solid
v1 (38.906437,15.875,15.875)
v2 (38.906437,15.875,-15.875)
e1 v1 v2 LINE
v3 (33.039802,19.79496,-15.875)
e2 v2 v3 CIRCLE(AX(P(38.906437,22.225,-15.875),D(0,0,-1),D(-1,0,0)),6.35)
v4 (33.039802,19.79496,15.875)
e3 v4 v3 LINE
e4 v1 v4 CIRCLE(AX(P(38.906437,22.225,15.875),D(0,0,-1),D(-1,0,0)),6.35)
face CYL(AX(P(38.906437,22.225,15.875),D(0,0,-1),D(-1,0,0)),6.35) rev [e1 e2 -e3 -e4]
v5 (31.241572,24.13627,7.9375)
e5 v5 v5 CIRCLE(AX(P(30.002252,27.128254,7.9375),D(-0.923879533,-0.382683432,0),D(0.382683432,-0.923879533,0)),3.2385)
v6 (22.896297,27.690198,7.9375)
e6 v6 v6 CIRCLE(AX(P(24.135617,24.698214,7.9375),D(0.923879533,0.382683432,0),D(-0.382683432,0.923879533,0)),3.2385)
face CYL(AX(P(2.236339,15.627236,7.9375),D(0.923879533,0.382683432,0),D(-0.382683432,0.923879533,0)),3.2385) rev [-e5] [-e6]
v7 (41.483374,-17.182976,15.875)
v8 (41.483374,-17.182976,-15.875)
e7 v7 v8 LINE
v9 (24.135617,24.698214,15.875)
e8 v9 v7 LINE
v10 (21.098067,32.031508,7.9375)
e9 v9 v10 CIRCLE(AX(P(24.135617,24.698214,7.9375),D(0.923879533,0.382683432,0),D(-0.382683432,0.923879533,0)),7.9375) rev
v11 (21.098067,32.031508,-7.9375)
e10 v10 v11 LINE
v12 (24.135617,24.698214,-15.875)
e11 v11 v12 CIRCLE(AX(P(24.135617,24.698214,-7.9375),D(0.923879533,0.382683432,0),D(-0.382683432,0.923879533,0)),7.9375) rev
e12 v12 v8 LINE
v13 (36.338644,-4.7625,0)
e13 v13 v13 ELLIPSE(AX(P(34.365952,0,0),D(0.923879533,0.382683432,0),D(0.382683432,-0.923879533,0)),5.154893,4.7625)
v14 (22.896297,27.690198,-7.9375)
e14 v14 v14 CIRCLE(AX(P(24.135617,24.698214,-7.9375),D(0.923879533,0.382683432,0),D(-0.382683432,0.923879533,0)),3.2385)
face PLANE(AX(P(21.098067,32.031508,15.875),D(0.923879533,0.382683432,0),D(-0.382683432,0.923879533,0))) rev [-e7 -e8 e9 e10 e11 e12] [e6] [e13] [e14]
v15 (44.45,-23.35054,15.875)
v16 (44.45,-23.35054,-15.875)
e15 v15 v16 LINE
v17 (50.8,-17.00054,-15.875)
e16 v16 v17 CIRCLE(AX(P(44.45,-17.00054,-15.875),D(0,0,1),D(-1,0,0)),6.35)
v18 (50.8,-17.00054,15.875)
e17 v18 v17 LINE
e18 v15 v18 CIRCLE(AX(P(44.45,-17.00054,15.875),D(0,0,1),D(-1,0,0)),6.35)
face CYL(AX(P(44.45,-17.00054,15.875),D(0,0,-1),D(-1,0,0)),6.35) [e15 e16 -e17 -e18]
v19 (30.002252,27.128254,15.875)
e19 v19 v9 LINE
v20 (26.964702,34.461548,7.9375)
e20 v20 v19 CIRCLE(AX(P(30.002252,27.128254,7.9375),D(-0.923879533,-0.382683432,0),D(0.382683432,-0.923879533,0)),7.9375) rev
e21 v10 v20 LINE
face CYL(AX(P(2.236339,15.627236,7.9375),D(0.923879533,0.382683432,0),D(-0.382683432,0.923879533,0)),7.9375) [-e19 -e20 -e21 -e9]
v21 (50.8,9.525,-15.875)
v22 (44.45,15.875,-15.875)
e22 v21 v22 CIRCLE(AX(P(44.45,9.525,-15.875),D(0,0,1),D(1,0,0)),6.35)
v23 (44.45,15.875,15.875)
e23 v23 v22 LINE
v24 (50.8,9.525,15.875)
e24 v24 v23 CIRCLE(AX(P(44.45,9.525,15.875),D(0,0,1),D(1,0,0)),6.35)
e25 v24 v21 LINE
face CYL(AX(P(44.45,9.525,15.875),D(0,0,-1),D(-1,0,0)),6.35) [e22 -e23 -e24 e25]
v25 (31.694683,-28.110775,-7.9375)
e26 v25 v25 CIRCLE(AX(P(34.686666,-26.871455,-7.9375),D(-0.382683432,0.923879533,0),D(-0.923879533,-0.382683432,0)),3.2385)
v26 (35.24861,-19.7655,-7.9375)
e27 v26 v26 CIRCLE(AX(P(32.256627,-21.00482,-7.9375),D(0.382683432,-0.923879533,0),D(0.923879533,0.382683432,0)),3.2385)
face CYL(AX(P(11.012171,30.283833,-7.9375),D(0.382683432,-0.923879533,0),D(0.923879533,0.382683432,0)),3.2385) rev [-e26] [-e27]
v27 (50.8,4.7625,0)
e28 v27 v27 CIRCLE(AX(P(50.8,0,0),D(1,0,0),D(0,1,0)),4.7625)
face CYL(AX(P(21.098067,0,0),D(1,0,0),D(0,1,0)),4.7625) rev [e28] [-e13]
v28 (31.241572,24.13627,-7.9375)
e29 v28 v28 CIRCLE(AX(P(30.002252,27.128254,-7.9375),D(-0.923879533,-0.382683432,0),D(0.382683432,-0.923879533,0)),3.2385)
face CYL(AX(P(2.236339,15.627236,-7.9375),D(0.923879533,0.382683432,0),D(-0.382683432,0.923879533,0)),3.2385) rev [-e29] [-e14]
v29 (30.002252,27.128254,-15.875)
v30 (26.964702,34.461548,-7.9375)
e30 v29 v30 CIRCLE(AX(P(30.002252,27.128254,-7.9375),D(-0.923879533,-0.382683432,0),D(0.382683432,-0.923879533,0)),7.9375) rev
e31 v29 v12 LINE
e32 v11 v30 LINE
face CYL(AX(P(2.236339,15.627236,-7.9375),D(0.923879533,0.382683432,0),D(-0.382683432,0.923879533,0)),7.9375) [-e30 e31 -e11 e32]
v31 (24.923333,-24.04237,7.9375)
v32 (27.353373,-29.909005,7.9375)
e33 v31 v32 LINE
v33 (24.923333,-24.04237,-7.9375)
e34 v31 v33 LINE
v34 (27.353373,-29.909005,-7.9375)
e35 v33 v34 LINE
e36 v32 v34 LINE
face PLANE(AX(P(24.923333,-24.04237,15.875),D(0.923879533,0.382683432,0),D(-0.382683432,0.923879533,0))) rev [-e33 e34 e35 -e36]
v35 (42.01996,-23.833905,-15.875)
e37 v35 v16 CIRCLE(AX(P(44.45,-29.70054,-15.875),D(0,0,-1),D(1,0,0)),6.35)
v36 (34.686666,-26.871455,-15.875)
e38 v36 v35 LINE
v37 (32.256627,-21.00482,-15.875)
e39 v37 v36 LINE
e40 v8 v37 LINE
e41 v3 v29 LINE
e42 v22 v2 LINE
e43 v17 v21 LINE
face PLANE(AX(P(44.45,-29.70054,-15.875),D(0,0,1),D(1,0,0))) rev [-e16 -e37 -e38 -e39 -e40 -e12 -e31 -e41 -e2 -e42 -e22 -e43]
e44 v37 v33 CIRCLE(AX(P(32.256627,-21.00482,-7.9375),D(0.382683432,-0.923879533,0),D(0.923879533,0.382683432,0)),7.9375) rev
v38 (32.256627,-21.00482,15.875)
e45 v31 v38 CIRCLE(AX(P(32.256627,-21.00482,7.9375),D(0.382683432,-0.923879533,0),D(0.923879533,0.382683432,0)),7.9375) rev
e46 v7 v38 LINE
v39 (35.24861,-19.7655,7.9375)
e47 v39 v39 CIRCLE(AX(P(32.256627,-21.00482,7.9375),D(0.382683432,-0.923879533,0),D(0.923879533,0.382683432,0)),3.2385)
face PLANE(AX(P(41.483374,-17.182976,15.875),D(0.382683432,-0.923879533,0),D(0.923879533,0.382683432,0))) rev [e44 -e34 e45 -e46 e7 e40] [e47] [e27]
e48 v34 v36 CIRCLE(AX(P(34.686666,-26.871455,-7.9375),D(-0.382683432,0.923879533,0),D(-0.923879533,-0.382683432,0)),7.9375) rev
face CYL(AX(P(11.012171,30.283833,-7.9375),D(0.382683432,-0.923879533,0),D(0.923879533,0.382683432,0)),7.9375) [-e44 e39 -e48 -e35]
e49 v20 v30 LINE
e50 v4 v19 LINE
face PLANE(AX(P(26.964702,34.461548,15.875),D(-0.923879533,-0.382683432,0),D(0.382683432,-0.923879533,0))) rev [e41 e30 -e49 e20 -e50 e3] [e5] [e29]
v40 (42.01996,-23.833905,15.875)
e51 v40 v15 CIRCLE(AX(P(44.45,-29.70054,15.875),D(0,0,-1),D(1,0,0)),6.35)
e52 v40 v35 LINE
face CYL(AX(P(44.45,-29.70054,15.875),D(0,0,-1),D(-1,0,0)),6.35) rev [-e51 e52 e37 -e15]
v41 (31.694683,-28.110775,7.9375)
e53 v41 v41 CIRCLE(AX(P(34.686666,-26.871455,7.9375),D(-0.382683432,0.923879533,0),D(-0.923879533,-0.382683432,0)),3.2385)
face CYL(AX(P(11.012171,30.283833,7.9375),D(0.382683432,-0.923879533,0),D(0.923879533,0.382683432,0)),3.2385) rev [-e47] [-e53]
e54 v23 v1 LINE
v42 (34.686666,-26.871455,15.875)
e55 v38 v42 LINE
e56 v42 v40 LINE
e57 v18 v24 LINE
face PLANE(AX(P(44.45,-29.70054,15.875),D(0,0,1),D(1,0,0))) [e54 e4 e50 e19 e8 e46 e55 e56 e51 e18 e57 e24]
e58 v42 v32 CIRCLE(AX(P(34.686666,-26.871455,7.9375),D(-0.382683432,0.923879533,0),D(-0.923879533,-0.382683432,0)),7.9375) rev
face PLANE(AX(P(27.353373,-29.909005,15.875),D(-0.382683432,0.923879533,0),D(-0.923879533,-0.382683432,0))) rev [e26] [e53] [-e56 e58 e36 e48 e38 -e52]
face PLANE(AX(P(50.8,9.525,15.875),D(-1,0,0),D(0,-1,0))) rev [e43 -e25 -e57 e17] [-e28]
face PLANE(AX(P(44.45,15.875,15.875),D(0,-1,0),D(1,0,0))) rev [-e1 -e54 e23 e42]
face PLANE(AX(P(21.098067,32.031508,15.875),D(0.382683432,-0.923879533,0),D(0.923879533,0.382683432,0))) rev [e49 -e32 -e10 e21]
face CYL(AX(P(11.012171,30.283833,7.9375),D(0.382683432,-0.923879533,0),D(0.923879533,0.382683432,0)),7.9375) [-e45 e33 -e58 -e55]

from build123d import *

# Parameters (mm, degrees)
BOSS_EXTRUDE1_DEPTH     = 15.875
CUT_EXTRUDE1_DEPTH      = 50.746098851
CUT_EXTRUDE1_DEPTH_BACK = 50.746098851
SKETCH3_R               = 3.2385
CUT_EXTRUDE2_DEPTH      = 81.103629898
CUT_EXTRUDE2_DEPTH_BACK = 81.103629898
SKETCH4_R               = 3.2385
SKETCH5_R               = 4.7625
CUT_EXTRUDE3_DEPTH      = 49.185254021


with BuildPart() as part:
    # Sketch1 → Boss-Extrude1 (new, symmetric)
    with BuildSketch(Plane.XY):
        with BuildLine():
            Line((50.8, 9.525), (50.8, -17.000540456))
            ThreePointArc((50.8, -17.000540456), (48.940128061, -21.490668516), (44.45, -23.350540456))
            ThreePointArc((44.45, -23.350540456), (43.211176455, -23.472553925), (42.019960204, -23.833905424))
            Line((42.019960204, -23.833905424), (27.353372626, -29.909004913))
            Line((27.353372626, -29.909004913), (24.92333283, -24.042369881))
            Line((24.92333283, -24.042369881), (41.483374135, -17.18297618))
            Line((41.483374135, -17.18297618), (21.098067328, 32.031507988))
            Line((21.098067328, 32.031507988), (26.964702359, 34.461547783))
            Line((26.964702359, 34.461547783), (33.039801848, 19.794960204))
            ThreePointArc((33.039801848, 19.794960204), (35.3785659, 16.945167962), (38.906436879, 15.875))
            Line((38.906436879, 15.875), (44.45, 15.875))
            ThreePointArc((44.45, 15.875), (48.940128061, 14.015128061), (50.8, 9.525))
        make_face()
    extrude(amount=BOSS_EXTRUDE1_DEPTH, both=True)

    # Sketch3 → Cut-Extrude1 (cut, two sides: drawn at the far end of the back side and taken through both)
    with BuildSketch(Plane(origin=(35.199810189, 14.580238773, 0), x_dir=(0, 0, -1), z_dir=(0.9238795325112886, 0.3826834323650853, 0)).offset(-CUT_EXTRUDE1_DEPTH_BACK)):
        with Locations((-7.9375, 13.581873804)):
            Circle(SKETCH3_R)
        with Locations((7.9375, 13.581873804)):
            Circle(SKETCH3_R)
        with BuildLine():
            Line((-15.875, 13.581873804), (-15.875, 21.519373804))
            Line((-15.875, 21.519373804), (-7.9375, 21.519373804))
            ThreePointArc((-7.9375, 21.519373804), (-13.550160076, 19.19453388), (-15.875, 13.581873804))
        make_face()
        with BuildLine():
            Line((7.9375, 21.519373804), (15.875, 21.519373804))
            Line((15.875, 21.519373804), (15.875, 13.581873804))
            ThreePointArc((15.875, 13.581873804), (13.550160076, 19.19453388), (7.9375, 21.519373804))
        make_face()
    extrude(amount=CUT_EXTRUDE1_DEPTH + CUT_EXTRUDE1_DEPTH_BACK, mode=Mode.SUBTRACT)

    # Sketch4 → Cut-Extrude2 (cut, two sides: drawn at the far end of the back side and taken through both)
    with BuildSketch(Plane(origin=(14.580238773, -35.199810189, 0), x_dir=(-0.9238795325112892, -0.3826834323650842, 0), z_dir=(0.3826834323650842, -0.9238795325112892, 0)).offset(-CUT_EXTRUDE2_DEPTH_BACK)):
        with Locations((-21.763040456, -7.9375)):
            Circle(SKETCH4_R)
        with Locations((-21.763040456, 7.9375)):
            Circle(SKETCH4_R)
        with BuildLine():
            Line((-13.825540456, -7.9375), (-13.825540456, -15.875))
            Line((-13.825540456, -15.875), (-21.763040456, -15.875))
            ThreePointArc((-21.763040456, -15.875), (-16.15038038, -13.550160076), (-13.825540456, -7.9375))
        make_face()
        with BuildLine():
            Line((-13.825540456, 7.9375), (-13.825540456, 15.875))
            Line((-13.825540456, 15.875), (-21.763040456, 15.875))
            ThreePointArc((-21.763040456, 15.875), (-16.15038038, 13.550160076), (-13.825540456, 7.9375))
        make_face()
    extrude(amount=CUT_EXTRUDE2_DEPTH + CUT_EXTRUDE2_DEPTH_BACK, mode=Mode.SUBTRACT)

    # Sketch5 → Cut-Extrude3 (cut, through all)
    with BuildSketch(Plane(origin=(50.8, 0, 0), x_dir=(0, 0, -1), z_dir=(1, 0, 0))):
        Circle(SKETCH5_R)
    extrude(amount=-CUT_EXTRUDE3_DEPTH, mode=Mode.SUBTRACT)


solid = part.part
